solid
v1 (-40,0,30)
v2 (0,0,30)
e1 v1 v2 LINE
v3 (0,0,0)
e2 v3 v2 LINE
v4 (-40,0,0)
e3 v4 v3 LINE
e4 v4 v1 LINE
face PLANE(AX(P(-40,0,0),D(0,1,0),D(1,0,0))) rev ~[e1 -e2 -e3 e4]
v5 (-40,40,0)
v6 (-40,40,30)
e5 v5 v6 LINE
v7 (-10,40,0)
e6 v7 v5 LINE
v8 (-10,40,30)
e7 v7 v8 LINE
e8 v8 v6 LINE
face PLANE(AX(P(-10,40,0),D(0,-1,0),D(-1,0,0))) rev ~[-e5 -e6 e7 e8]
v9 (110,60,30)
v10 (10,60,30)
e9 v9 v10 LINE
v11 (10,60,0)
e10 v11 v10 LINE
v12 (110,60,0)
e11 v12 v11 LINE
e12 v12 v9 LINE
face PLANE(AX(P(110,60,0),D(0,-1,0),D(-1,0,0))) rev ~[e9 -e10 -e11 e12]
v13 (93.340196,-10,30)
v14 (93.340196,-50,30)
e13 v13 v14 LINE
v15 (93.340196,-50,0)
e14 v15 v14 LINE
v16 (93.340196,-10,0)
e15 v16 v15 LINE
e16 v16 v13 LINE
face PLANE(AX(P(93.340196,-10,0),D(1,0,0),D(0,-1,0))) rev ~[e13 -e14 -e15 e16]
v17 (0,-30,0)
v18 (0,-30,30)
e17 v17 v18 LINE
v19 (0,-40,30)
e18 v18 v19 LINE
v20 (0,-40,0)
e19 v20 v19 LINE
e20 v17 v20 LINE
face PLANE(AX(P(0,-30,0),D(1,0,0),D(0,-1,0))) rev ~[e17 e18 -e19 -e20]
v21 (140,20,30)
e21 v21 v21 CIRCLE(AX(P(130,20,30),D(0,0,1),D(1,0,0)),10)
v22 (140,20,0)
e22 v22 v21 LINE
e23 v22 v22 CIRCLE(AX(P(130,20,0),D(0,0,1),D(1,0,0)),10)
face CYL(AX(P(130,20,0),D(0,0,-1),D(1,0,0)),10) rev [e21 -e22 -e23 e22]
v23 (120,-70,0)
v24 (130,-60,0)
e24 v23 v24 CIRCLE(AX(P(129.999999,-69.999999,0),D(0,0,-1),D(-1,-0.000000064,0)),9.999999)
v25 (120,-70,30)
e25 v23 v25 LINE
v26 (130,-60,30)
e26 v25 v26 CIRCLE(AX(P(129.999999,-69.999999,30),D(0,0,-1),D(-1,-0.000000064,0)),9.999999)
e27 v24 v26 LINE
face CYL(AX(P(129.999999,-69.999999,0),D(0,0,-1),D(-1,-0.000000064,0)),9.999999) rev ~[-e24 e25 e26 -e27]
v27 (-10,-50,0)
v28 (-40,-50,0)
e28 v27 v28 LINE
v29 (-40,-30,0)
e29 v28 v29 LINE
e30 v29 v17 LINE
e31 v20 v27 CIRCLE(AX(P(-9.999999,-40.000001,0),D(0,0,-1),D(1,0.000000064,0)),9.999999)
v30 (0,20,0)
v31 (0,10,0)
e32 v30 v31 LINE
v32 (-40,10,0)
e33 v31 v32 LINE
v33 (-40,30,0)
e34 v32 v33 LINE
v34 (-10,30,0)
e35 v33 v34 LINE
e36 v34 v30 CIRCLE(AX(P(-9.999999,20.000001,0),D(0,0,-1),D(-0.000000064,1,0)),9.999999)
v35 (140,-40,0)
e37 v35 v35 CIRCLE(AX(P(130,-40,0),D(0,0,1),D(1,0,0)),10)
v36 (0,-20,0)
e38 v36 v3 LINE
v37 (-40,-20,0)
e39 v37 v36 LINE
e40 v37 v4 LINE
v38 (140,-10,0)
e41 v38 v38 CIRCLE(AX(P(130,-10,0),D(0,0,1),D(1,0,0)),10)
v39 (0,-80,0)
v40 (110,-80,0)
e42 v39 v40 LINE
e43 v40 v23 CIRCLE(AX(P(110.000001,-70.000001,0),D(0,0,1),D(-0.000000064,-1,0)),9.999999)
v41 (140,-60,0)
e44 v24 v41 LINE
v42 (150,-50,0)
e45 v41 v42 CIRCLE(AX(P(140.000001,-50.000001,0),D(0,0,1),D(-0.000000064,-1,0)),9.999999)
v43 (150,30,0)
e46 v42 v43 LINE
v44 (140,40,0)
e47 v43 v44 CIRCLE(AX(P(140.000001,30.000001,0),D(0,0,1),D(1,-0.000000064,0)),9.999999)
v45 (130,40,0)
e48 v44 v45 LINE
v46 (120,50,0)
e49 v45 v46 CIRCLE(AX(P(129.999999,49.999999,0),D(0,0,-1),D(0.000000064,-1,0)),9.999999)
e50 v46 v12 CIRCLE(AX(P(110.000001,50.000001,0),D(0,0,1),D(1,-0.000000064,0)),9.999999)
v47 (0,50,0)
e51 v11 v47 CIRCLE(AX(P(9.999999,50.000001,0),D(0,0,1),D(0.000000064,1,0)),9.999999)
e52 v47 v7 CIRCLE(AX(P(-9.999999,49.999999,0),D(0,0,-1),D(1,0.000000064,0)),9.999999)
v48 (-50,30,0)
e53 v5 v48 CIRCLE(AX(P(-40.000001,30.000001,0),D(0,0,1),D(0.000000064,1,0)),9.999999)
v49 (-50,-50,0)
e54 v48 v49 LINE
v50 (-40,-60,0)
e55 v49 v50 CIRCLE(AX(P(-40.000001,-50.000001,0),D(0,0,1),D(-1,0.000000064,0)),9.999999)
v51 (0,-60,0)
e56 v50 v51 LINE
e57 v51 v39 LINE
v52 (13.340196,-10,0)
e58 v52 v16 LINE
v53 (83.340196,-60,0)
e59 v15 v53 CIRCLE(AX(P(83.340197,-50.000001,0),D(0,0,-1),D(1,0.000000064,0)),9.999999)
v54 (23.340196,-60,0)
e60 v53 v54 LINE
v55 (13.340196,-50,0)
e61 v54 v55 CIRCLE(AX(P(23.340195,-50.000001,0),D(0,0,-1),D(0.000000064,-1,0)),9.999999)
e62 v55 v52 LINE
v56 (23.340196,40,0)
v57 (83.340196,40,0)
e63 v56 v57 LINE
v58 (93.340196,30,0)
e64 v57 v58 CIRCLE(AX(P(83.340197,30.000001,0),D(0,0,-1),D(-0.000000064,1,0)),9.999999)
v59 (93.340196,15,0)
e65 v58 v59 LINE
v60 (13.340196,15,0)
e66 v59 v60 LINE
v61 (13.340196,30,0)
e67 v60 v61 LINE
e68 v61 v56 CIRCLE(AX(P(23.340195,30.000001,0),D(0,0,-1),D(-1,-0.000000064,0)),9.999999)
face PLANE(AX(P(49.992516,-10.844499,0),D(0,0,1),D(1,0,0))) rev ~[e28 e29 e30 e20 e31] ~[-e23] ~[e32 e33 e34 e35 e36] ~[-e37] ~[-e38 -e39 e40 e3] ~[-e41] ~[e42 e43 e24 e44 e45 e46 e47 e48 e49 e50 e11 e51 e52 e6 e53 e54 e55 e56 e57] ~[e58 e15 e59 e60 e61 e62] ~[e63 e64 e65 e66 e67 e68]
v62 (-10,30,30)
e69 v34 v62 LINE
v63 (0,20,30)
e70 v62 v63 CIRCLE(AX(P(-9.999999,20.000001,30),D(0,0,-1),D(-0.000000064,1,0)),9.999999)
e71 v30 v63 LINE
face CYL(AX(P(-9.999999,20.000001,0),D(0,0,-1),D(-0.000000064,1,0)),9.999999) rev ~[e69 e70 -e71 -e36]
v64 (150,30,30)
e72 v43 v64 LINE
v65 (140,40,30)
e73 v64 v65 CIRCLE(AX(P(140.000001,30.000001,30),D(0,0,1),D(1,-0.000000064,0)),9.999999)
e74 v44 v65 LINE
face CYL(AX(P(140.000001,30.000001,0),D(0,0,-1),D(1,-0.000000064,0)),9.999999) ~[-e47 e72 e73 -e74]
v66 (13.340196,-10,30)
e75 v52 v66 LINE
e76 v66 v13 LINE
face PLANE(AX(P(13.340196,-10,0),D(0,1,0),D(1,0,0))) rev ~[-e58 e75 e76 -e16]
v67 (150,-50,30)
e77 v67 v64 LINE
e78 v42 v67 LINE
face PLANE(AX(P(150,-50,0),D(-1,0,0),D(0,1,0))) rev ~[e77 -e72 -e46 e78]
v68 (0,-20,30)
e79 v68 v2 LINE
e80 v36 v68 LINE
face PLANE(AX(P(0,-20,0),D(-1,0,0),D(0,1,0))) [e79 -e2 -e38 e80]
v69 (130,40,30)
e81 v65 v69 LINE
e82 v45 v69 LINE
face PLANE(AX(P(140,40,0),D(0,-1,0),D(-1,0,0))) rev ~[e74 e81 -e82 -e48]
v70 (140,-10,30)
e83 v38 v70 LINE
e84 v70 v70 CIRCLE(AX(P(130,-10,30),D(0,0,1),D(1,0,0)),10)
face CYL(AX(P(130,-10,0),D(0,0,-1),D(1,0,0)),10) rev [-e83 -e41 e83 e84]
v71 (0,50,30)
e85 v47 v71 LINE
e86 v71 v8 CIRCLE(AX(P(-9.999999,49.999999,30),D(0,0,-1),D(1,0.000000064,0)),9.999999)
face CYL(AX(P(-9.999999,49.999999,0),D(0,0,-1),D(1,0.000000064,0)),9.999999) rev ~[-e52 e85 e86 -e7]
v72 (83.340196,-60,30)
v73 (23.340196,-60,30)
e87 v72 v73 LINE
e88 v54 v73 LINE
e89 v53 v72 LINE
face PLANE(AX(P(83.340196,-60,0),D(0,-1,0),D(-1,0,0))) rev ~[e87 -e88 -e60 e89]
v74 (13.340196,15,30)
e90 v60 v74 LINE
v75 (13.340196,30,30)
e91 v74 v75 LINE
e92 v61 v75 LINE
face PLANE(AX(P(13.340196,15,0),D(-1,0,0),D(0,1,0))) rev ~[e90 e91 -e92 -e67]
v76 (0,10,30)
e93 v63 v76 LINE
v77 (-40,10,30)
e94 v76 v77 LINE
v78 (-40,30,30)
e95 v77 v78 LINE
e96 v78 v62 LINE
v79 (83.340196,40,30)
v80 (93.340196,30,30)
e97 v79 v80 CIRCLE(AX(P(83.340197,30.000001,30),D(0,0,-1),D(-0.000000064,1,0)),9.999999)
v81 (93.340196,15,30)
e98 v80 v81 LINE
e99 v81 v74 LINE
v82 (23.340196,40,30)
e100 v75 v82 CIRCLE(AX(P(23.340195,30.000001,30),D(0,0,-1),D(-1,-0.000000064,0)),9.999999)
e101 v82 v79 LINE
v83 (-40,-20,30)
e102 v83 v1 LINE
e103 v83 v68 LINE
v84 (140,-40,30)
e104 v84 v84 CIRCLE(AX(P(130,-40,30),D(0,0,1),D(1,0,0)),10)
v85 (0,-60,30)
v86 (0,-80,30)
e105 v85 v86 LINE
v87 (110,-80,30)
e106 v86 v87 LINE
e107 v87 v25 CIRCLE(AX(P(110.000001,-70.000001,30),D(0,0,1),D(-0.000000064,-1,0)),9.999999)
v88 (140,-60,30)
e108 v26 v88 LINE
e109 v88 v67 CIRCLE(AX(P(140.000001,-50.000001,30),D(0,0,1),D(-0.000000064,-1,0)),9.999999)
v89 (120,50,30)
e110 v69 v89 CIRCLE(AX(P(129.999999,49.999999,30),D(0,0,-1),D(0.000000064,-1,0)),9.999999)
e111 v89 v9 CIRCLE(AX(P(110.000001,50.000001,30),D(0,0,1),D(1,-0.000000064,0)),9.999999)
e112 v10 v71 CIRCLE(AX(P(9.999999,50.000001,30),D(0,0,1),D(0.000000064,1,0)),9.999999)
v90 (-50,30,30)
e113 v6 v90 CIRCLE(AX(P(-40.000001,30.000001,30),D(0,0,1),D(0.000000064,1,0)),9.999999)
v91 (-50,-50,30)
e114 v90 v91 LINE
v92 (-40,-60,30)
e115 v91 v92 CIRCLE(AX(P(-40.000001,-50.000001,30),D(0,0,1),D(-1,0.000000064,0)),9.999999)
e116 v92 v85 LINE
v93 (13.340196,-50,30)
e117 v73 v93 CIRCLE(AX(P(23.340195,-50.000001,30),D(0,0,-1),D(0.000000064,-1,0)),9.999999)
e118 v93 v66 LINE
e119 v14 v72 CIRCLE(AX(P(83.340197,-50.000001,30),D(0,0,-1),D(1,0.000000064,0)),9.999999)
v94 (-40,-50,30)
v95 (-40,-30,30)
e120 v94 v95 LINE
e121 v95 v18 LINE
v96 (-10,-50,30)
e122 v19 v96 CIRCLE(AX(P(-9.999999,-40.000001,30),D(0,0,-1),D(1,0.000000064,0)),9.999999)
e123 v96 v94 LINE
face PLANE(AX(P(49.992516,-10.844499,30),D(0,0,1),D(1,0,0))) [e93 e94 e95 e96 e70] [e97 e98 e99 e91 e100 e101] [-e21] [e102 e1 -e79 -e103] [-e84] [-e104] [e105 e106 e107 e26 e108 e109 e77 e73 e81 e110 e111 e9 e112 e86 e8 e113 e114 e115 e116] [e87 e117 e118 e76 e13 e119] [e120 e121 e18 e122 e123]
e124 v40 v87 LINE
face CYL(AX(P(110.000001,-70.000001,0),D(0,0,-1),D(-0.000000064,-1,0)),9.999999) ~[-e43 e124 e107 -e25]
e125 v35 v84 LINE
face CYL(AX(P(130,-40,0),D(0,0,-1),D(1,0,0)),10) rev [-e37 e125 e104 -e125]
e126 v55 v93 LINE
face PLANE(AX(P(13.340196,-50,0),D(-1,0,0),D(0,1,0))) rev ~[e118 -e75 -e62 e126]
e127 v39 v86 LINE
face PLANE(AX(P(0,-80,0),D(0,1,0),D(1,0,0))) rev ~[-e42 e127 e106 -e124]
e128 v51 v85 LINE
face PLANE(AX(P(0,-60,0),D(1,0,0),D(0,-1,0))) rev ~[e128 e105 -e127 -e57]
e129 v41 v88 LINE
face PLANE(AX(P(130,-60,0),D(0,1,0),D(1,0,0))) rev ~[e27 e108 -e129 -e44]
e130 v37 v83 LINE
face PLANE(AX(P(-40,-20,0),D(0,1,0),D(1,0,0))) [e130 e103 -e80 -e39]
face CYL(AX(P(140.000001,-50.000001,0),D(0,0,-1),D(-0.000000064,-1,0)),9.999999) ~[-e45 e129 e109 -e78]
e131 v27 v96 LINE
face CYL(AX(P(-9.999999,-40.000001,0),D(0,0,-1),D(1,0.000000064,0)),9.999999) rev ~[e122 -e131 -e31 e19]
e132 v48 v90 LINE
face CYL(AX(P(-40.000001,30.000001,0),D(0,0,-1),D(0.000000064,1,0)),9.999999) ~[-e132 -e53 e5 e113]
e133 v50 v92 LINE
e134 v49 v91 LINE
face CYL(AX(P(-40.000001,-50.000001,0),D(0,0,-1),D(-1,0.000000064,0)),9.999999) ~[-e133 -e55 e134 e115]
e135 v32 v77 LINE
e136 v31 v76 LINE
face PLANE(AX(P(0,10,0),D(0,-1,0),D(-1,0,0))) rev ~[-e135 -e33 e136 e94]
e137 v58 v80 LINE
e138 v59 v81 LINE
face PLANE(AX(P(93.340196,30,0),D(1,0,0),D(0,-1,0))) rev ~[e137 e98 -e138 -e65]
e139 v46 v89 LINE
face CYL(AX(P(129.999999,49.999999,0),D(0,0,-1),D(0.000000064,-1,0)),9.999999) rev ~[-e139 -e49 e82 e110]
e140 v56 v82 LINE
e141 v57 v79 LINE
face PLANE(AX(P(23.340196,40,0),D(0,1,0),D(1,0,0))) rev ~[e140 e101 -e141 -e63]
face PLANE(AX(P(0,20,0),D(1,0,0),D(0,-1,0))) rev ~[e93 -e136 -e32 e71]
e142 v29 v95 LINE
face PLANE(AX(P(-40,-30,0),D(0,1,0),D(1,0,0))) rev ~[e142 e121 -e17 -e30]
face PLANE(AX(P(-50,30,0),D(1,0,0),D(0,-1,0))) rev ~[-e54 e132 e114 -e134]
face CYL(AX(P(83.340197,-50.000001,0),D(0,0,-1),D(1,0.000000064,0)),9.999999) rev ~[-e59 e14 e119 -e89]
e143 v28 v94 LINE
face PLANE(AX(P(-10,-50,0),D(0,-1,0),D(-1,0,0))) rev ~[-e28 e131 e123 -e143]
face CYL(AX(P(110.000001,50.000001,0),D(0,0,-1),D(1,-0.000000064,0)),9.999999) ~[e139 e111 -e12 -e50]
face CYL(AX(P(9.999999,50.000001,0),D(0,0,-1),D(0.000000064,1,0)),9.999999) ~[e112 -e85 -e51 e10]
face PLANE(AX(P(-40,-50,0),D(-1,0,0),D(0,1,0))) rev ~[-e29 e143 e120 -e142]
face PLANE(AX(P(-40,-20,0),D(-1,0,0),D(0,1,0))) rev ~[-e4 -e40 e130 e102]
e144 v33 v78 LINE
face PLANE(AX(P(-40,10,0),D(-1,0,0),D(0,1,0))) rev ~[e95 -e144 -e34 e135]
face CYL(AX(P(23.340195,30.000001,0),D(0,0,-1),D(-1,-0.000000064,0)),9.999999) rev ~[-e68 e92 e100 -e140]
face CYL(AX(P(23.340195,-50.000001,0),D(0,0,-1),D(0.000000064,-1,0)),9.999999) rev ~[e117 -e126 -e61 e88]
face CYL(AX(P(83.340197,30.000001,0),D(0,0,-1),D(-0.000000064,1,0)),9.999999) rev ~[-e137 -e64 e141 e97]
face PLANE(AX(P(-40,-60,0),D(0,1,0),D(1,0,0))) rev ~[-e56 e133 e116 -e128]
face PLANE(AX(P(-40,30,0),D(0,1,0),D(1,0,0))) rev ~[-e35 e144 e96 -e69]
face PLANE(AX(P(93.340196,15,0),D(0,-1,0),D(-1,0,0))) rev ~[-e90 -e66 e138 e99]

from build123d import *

# Parameters (mm, degrees)
F0_R     = 10
F0_W     = 40
F0_H     = 20
F1_DEPTH = 30


with BuildPart() as f1:
    # F0 (on Top) → F1 (new body)
    with BuildSketch(Plane.XY):
        with BuildLine():
            ThreePointArc((-40, 40), (-47.071068, 37.071068), (-50, 30))
            Line((-50, 30), (-50, -50))
            ThreePointArc((-50, -50), (-47.071068, -57.071068), (-40, -60))
            Line((-40, -60), (-11.566827, -60))
            Line((-11.566827, -60), (0, -60))
            Line((0, -60), (0, -70))
            Line((0, -70), (0, -80))
            Line((0, -80), (110, -80))
            ThreePointArc((110, -80), (117.071068, -77.071068), (120, -70))
            ThreePointArc((120, -70), (122.928932, -62.928932), (130, -60))
            Line((130, -60), (140, -60))
            ThreePointArc((140, -60), (147.071068, -57.071068), (150, -50))
            Line((150, -50), (150, 30))
            ThreePointArc((150, 30), (147.071068, 37.071068), (140, 40))
            Line((140, 40), (130, 40))
            ThreePointArc((130, 40), (122.928932, 42.928932), (120, 50))
            ThreePointArc((120, 50), (117.071068, 57.071068), (110, 60))
            Line((110, 60), (10, 60))
            ThreePointArc((10, 60), (2.928932, 57.071068), (0, 50))
            ThreePointArc((0, 50), (-2.928932, 42.928932), (-10, 40))
            Line((-10, 40), (-13.470398, 40))
            Line((-13.470398, 40), (-40, 40))
        make_face()
        with BuildLine():
            Line((-10, -50), (-40, -50))
            Line((-40, -50), (-40, -30))
            Line((-40, -30), (0, -30))
            Line((0, -30), (0, -40))
            ThreePointArc((0, -40), (-2.928932, -47.071068), (-10, -50))
        make_face(mode=Mode.SUBTRACT)
        with BuildLine():
            Line((83.340196, -60), (23.340196, -60))
            ThreePointArc((23.340196, -60), (16.269128, -57.071068), (13.340196, -50))
            Line((13.340196, -50), (13.340196, -10))
            Line((13.340196, -10), (93.340196, -10))
            Line((93.340196, -10), (93.340196, -50))
            ThreePointArc((93.340196, -50), (90.411264, -57.071068), (83.340196, -60))
        make_face(mode=Mode.SUBTRACT)
        with Locations((130, -40)):
            Circle(F0_R, mode=Mode.SUBTRACT)
        with Locations((-20, -10)):
            Rectangle(F0_W, F0_H, mode=Mode.SUBTRACT)
        with BuildLine():
            Line((-40, 10), (-40, 30))
            Line((-40, 30), (-10, 30))
            ThreePointArc((-10, 30), (-2.928932, 27.071068), (0, 20))
            Line((0, 20), (0, 10))
            Line((0, 10), (-40, 10))
        make_face(mode=Mode.SUBTRACT)
        with Locations((130, -10)):
            Circle(F0_R, mode=Mode.SUBTRACT)
        with Locations((130, 20)):
            Circle(F0_R, mode=Mode.SUBTRACT)
        with BuildLine():
            ThreePointArc((13.340196, 30), (16.269128, 37.071068), (23.340196, 40))
            Line((23.340196, 40), (83.340196, 40))
            ThreePointArc((83.340196, 40), (90.411264, 37.071068), (93.340196, 30))
            Line((93.340196, 30), (93.340196, 15))
            Line((93.340196, 15), (13.340196, 15))
            Line((13.340196, 15), (13.340196, 30))
        make_face(mode=Mode.SUBTRACT)
    extrude(amount=F1_DEPTH)


solid = f1.part
